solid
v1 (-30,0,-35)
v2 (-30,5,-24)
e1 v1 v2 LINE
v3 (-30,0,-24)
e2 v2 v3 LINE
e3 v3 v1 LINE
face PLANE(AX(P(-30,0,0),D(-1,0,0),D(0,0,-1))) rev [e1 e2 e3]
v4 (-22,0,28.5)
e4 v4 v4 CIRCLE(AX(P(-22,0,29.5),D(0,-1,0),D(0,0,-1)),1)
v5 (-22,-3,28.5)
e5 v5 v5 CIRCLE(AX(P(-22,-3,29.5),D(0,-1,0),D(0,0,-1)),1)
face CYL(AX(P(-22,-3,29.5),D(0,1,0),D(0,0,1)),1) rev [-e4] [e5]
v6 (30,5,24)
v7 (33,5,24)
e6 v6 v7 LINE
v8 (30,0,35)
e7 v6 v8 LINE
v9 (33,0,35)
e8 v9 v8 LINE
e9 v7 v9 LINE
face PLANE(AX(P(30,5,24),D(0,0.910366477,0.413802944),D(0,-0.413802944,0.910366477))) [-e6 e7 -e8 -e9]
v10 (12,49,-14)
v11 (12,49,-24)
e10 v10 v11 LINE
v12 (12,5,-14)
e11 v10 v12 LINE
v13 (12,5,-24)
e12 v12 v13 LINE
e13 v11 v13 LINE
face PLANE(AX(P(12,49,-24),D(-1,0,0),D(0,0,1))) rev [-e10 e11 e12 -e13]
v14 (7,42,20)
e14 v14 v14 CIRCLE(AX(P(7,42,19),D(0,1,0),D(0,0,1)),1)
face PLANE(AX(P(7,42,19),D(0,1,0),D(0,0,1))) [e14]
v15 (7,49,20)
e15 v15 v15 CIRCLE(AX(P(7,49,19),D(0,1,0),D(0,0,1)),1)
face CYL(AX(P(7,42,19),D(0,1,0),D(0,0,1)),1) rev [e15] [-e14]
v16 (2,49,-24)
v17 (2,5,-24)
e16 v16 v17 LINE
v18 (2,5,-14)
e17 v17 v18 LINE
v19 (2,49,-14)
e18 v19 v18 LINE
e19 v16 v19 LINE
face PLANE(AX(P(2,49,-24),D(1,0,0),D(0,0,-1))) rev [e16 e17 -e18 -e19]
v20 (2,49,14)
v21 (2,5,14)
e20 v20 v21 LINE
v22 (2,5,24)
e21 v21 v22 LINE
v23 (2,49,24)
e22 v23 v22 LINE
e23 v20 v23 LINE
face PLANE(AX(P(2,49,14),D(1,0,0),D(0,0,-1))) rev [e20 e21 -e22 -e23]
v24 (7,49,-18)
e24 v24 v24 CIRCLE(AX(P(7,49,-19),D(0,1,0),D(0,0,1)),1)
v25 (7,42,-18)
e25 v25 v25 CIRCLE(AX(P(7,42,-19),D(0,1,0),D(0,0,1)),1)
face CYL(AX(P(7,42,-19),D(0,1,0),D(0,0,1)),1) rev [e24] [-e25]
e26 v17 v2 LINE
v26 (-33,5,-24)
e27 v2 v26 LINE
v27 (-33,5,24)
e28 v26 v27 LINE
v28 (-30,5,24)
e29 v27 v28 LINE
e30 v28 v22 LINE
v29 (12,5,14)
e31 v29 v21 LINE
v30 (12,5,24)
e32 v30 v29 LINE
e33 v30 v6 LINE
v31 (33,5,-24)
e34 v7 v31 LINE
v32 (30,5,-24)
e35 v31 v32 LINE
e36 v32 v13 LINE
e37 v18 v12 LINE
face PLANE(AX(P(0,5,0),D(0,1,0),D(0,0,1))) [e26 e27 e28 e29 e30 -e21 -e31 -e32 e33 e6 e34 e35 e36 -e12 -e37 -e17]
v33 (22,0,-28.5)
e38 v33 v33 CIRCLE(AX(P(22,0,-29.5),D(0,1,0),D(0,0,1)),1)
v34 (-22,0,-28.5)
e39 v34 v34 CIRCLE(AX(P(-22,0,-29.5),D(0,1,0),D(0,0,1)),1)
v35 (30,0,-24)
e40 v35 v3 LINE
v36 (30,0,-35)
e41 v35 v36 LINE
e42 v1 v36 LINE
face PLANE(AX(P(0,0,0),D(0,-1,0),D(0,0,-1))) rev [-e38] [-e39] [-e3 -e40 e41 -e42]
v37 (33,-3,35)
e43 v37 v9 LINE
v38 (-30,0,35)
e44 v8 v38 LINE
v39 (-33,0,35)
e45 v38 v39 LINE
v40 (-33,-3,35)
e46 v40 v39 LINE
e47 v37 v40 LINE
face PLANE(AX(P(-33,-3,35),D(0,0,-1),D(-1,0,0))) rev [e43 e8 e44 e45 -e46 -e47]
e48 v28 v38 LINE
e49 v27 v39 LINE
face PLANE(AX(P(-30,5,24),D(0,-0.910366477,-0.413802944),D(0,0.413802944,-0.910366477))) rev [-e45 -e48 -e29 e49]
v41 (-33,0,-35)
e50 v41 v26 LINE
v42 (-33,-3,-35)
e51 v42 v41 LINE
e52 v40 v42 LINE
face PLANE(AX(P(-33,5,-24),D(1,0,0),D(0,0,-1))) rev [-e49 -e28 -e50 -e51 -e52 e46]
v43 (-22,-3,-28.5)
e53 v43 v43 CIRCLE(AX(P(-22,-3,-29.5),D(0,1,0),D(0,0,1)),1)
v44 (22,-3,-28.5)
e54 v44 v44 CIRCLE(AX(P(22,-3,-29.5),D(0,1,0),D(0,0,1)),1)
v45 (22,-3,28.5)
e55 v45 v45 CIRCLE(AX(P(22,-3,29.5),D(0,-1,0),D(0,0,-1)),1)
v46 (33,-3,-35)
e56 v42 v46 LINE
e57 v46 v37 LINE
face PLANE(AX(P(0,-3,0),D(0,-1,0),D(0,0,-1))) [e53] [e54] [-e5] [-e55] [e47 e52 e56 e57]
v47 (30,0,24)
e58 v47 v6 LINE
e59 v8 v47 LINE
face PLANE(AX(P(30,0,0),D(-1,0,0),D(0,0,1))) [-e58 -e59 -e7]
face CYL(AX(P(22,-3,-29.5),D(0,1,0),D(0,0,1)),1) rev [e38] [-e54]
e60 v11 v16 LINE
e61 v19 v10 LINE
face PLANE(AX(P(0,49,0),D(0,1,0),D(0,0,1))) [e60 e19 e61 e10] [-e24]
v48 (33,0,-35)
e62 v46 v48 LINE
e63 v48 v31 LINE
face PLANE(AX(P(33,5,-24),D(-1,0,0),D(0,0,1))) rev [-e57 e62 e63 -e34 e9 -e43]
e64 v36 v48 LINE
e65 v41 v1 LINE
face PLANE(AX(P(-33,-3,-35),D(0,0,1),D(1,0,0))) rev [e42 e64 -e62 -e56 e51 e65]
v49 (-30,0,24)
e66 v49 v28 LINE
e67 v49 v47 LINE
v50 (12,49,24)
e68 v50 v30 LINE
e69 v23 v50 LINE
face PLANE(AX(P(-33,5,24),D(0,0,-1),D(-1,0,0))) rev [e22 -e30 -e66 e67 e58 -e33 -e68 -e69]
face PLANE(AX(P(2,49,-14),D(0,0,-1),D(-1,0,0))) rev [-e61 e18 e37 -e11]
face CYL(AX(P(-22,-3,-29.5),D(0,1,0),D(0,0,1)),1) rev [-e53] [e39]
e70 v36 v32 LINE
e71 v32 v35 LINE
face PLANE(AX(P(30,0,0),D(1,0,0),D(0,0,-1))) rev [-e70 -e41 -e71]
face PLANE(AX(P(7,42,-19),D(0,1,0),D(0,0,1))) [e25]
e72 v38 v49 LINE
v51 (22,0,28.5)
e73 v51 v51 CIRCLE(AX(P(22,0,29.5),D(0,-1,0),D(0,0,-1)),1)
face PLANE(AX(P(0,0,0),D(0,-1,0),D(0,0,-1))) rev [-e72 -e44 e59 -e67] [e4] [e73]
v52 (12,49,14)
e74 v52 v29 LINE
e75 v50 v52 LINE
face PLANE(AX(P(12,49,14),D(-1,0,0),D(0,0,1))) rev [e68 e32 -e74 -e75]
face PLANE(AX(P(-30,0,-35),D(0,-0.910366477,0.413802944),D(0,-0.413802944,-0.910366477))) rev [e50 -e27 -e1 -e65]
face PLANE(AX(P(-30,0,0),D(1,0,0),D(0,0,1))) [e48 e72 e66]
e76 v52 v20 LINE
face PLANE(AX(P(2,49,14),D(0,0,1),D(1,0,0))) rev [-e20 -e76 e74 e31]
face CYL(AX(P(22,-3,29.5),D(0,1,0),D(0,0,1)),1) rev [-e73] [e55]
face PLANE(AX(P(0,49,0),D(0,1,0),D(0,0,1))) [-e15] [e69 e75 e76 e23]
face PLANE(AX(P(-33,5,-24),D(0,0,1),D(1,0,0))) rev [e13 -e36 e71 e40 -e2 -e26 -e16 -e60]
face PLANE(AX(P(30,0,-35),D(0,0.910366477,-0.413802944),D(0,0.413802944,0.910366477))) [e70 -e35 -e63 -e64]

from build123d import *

# Parameters (mm, degrees)
SKETCH1_W           = 66
SKETCH1_H           = 48
BOSS_EXTRUDE1_DEPTH = 5
SKETCH2_W           = 10
SKETCH2_H           = 10
BOSS_EXTRUDE2_DEPTH = 44
SKETCH3_R           = 1
CUT_EXTRUDE1_DEPTH  = 7
SKETCH4_W           = 66
SKETCH4_H           = 70
BOSS_EXTRUDE3_DEPTH = 3
BOSS_EXTRUDE4_DEPTH = 3
SKETCH6_R           = 1
CUT_EXTRUDE2_DEPTH  = 3


with BuildPart() as part:
    # Sketch1 → Boss-Extrude1 (new body)
    with BuildSketch(Plane(origin=(0, 0, 0), x_dir=(1, 0, 0), z_dir=(0, 1, 0))):
        Rectangle(SKETCH1_W, SKETCH1_H)
    extrude(amount=BOSS_EXTRUDE1_DEPTH)

    # Sketch2 → Boss-Extrude2 (add)
    with BuildSketch(Plane(origin=(0, 5, 0), x_dir=(1, 0, 0), z_dir=(0, 1, 0))):
        with Locations((7, 19)):
            Rectangle(SKETCH2_W, SKETCH2_H)
        with Locations((7, -19)):
            Rectangle(SKETCH2_W, SKETCH2_H)
    extrude(amount=BOSS_EXTRUDE2_DEPTH)

    # Sketch3 → Cut-Extrude1 (cut)
    with BuildSketch(Plane(origin=(0, 49, 0), x_dir=(1, 0, 0), z_dir=(0, 1, 0))):
        with Locations(Location((7, 19, 0), (0, 0, 270))):
            Circle(SKETCH3_R)
        with Locations(Location((7, -19, 0), (0, 0, 270))):
            Circle(SKETCH3_R)
    extrude(amount=-CUT_EXTRUDE1_DEPTH, mode=Mode.SUBTRACT)

    # Sketch4 → Boss-Extrude3 (add)
    with BuildSketch(Plane.XZ):
        Rectangle(SKETCH4_W, SKETCH4_H)
    extrude(amount=BOSS_EXTRUDE3_DEPTH)

    # Sketch5 → Boss-Extrude4 (add)
    with BuildSketch(Plane(origin=(33, 0, 0), x_dir=(0, 0, -1), z_dir=(1, 0, 0))):
        Polygon((-24, 5), (-35, 0), (-24, 0), align=None)
        Polygon((24, 5), (24, 0), (35, 0), align=None)
    boss_extrude4 = extrude(amount=-BOSS_EXTRUDE4_DEPTH)

    # Mirror1: Boss-Extrude4 across plane
    add(boss_extrude4.mirror(Plane(origin=(0, 0, 0), x_dir=(0, 0, 1), z_dir=(1, 0, 0))))

    # Sketch6 → Cut-Extrude2 (cut)
    with BuildSketch(Plane(origin=(0, 0, 0), x_dir=(1, 0, 0), z_dir=(0, 1, 0))):
        with Locations(Location((-22, 29.5, 0), (0, 0, 270))):
            Circle(SKETCH6_R)
        with Locations(Location((22, 29.5, 0), (0, 0, 270))):
            Circle(SKETCH6_R)
    cut_extrude2 = extrude(amount=-CUT_EXTRUDE2_DEPTH, mode=Mode.SUBTRACT)

    # Mirror2: Cut-Extrude2 across plane
    add(cut_extrude2.mirror(Plane.XY), mode=Mode.SUBTRACT)


solid = part.part
